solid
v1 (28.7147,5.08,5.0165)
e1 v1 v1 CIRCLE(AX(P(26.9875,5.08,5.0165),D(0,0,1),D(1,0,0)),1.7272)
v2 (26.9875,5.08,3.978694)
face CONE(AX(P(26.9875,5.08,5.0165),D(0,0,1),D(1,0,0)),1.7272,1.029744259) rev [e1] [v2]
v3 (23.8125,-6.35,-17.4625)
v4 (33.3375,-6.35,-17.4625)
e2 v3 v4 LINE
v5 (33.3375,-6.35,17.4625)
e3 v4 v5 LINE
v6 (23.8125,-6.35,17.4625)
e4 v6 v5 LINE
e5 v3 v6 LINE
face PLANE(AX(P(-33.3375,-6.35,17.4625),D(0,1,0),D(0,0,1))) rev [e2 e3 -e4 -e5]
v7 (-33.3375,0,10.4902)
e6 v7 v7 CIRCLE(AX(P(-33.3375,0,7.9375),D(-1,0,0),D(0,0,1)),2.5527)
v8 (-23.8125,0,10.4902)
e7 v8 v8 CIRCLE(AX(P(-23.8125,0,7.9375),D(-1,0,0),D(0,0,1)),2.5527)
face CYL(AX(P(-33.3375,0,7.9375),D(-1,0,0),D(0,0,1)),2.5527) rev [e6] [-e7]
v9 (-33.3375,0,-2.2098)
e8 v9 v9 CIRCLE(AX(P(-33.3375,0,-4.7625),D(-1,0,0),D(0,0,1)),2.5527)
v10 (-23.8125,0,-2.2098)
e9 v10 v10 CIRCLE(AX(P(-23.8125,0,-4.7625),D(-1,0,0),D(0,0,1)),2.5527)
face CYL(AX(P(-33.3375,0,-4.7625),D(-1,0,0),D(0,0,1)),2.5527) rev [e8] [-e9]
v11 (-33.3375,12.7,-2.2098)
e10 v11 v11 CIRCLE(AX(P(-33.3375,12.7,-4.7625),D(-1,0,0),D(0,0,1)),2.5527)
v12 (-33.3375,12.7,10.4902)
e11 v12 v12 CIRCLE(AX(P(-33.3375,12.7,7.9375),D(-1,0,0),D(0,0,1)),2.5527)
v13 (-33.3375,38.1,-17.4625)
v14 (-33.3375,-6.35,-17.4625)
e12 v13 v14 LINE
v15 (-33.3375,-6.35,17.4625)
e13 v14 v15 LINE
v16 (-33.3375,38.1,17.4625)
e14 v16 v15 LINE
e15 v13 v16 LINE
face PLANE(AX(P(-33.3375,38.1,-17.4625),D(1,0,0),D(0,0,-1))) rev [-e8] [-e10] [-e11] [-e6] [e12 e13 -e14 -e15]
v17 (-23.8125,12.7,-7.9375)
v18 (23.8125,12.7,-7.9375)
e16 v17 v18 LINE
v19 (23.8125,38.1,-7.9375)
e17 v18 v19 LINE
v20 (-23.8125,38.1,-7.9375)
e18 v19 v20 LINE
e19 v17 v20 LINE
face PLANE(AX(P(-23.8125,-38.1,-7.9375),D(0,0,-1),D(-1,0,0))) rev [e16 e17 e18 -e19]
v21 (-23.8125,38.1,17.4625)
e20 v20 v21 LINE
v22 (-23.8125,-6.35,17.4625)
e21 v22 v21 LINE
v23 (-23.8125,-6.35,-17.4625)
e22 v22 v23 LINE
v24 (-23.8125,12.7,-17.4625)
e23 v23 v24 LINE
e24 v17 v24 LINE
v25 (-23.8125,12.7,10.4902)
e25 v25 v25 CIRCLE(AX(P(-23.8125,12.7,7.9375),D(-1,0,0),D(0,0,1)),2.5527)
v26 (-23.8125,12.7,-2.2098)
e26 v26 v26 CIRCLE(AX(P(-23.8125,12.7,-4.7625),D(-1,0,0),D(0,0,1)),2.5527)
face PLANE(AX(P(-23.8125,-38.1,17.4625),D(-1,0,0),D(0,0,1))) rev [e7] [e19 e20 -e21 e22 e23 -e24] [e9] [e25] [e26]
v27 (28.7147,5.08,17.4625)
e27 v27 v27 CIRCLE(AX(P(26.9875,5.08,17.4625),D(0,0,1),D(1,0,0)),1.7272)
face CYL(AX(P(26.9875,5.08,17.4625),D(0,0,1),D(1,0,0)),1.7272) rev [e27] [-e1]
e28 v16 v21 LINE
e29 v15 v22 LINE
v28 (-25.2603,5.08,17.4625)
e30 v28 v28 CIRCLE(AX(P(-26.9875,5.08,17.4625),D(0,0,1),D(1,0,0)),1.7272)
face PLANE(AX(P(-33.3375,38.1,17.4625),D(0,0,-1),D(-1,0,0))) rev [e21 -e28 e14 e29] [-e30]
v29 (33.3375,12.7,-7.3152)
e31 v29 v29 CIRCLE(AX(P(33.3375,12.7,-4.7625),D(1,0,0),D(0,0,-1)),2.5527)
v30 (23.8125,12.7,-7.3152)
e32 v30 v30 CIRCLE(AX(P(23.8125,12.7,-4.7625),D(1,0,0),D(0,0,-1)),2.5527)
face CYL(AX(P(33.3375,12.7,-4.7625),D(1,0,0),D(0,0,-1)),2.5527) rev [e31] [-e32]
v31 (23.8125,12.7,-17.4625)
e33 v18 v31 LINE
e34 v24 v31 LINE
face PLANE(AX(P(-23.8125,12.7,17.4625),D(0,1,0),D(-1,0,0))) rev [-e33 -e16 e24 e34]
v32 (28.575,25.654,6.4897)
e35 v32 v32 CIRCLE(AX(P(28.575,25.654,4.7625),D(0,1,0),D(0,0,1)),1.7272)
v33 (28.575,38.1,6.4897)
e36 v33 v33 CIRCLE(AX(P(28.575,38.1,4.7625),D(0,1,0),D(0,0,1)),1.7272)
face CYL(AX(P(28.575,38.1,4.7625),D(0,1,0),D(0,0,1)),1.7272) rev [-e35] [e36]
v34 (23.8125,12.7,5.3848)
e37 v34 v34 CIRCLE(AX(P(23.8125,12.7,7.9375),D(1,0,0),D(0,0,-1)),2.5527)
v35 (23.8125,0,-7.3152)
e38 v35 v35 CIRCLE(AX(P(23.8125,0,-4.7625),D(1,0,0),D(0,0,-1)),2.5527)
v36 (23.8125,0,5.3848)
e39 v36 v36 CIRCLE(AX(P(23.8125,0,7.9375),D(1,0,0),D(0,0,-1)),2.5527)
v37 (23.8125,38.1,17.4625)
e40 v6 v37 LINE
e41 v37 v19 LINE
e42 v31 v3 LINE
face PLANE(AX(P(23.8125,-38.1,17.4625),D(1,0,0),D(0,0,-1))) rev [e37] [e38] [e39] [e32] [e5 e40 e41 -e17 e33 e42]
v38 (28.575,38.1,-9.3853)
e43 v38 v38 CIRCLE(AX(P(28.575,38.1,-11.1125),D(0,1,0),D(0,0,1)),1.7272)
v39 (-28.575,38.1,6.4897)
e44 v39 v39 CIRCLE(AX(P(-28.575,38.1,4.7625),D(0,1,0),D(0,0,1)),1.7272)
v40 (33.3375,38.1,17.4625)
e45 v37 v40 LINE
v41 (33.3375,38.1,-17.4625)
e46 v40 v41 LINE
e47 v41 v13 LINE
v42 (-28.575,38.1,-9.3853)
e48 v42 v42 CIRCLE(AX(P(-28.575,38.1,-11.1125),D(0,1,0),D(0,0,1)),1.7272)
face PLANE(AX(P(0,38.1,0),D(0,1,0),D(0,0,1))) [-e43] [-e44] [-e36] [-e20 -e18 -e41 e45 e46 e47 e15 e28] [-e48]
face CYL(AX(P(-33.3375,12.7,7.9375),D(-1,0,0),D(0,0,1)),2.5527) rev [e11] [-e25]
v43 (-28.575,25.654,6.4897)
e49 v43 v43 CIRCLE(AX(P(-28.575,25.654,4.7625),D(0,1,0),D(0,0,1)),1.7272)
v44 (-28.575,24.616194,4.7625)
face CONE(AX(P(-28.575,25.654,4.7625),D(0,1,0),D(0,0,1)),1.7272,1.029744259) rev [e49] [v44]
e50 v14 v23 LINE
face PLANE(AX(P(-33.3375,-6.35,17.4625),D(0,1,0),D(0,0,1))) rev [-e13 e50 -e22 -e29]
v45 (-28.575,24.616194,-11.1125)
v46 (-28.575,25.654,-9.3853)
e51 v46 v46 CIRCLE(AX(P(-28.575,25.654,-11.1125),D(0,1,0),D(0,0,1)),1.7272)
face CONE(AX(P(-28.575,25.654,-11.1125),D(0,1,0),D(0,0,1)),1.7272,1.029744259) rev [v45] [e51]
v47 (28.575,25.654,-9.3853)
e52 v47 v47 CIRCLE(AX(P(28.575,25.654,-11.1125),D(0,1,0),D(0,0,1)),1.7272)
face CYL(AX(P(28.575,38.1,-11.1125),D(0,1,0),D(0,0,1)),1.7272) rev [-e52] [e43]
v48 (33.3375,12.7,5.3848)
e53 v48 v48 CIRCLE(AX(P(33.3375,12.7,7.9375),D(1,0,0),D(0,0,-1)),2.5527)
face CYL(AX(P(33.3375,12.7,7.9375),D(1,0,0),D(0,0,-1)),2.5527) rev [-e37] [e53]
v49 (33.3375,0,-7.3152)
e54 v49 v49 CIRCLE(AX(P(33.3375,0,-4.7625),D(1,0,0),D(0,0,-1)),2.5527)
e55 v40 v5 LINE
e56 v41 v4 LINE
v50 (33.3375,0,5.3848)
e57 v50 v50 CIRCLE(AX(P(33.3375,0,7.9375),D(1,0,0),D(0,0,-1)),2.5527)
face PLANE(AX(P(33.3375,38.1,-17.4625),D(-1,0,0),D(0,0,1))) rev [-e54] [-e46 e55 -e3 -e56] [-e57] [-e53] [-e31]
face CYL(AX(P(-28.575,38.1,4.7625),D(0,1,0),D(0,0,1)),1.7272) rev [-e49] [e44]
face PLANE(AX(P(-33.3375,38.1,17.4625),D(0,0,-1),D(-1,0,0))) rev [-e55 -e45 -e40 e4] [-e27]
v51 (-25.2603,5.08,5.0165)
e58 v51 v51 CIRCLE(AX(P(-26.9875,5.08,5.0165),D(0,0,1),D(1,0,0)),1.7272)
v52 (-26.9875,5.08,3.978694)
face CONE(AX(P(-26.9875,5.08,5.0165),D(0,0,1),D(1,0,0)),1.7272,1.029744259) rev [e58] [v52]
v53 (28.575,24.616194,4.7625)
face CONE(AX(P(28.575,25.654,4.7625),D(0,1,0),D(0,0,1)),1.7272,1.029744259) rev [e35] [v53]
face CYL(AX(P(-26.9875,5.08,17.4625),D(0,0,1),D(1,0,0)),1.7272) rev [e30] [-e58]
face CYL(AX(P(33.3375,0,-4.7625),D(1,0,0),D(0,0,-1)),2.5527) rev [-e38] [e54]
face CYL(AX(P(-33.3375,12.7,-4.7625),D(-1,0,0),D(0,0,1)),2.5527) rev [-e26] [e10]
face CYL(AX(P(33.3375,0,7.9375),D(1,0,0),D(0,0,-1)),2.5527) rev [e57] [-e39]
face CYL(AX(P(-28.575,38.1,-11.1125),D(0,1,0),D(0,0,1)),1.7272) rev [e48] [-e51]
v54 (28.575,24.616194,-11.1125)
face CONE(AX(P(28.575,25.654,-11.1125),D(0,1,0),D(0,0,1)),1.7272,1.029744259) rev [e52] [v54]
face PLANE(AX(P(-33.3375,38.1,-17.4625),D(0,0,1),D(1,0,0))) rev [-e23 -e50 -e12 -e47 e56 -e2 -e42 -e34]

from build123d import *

# Parameters (mm, degrees)
SKETCH1_W                      = 66.675
SKETCH1_H                      = 34.925
BOSS_EXTRUDE1_DEPTH            = 38.1
SKETCH2_W                      = 47.625
SKETCH2_H                      = 25.4
CUT_EXTRUDE1_DEPTH             = 85.986868471
SKETCH3_W                      = 34.925
SKETCH3_H                      = 31.75
CUT_EXTRUDE2_DEPTH             = 79.753441393
SKETCH4_W                      = 47.625
SKETCH4_H                      = 38.1
CUT_EXTRUDE3_DEPTH             = 62.504101743
F_1_4_20_TAPPED_HOLE1_D        = 5.1054
F_1_4_20_TAPPED_HOLE1_DEPTH    = 9.526
F_8_32_TAPPED_HOLE2_AT_2_COUNT = 2
F_8_32_TAPPED_HOLE2_AT_2_PITCH = 15.875
LPATTERN1_COUNT                = 2
LPATTERN1_PITCH                = 12.7
MIRROR1_COPY_2_D               = 5.1054
MIRROR1_COPY_2_DEPTH           = 9.526


with BuildPart() as part:
    # Sketch1 → Boss-Extrude1 (new, symmetric)
    with BuildSketch(Plane(origin=(0, 0, 0), x_dir=(1, 0, 0), z_dir=(0, 1, 0))):
        Rectangle(SKETCH1_W, SKETCH1_H)
    extrude(amount=BOSS_EXTRUDE1_DEPTH, both=True)

    # Sketch2 → Cut-Extrude1 (cut, through all)
    with BuildSketch(Plane(origin=(0, 38.1, 0), x_dir=(1, 0, 0), z_dir=(0, 1, 0))):
        with Locations((0, -4.7625)):
            Rectangle(SKETCH2_W, SKETCH2_H)
    extrude(amount=-CUT_EXTRUDE1_DEPTH, mode=Mode.SUBTRACT)

    # Sketch3 → Cut-Extrude2 (cut, through all)
    with BuildSketch(Plane(origin=(33.3375, 0, 0), x_dir=(0, 0, -1), z_dir=(1, 0, 0))):
        with Locations((0, -22.225)):
            Rectangle(SKETCH3_W, SKETCH3_H)
    extrude(amount=-CUT_EXTRUDE2_DEPTH, mode=Mode.SUBTRACT)

    # Sketch4 → Cut-Extrude3 (cut, through all)
    with BuildSketch(Plane(origin=(0, 0, -17.4625), x_dir=(-1, 0, 0), z_dir=(0, 0, -1))):
        with Locations((0, -6.35)):
            Rectangle(SKETCH4_W, SKETCH4_H)
    extrude(amount=-CUT_EXTRUDE3_DEPTH, mode=Mode.SUBTRACT)

    # 1/4-20 Tapped Hole1
    with Locations(Plane(origin=(33.3375, 0, 0), x_dir=(0, 0, -1), z_dir=(1, 0, 0))):
        with Locations((-7.9375, 0), (4.7625, 0)):
            f_1_4_20_tapped_hole1 = Hole(F_1_4_20_TAPPED_HOLE1_D / 2, depth=F_1_4_20_TAPPED_HOLE1_DEPTH)

    # Sketch7 → #8-32 Tapped Hole1 (revolve, cut)
    with BuildSketch(Plane(origin=(26.9875, 5.08, 17.4625), x_dir=(0, -1, 0), z_dir=(1, 0, 0))):
        Polygon((0, 0), (0, 13.483806461), (1.7272, 12.446), (1.7272, 0), align=None)
    f_8_32_tapped_hole1 = revolve(axis=Axis((26.9875, 5.08, 23.8125), (0, 0, -1)), mode=Mode.SUBTRACT)

    # Sketch9 → #8-32 Tapped Hole2 (revolve, cut)
    with BuildSketch(Plane(origin=(28.575, 38.1, 4.7625), x_dir=(0, 0, 1), z_dir=(1, 0, 0))):
        Polygon((0, 0), (0, 13.483806461), (1.7272, 12.446), (1.7272, 0), align=None)
    f_8_32_tapped_hole2 = revolve(axis=Axis((28.575, 44.45, 4.7625), (0, -1, 0)), mode=Mode.SUBTRACT)

    # #8-32 Tapped Hole2 at 2: #8-32 Tapped Hole2 ×2
    with Locations(*[(0, 0, -i * F_8_32_TAPPED_HOLE2_AT_2_PITCH) for i in range(1, F_8_32_TAPPED_HOLE2_AT_2_COUNT)]):
        add(f_8_32_tapped_hole2, mode=Mode.SUBTRACT)

    # LPattern1: 1/4-20 Tapped Hole1 ×2
    with Locations(*[(0, i * LPATTERN1_PITCH, 0) for i in range(1, LPATTERN1_COUNT)]):
        add(f_1_4_20_tapped_hole1, mode=Mode.SUBTRACT)

    # Mirror1: 1/4-20 Tapped Hole1, #8-32 Tapped Hole1, #8-32 Tapped Hole2 across plane
    add(f_1_4_20_tapped_hole1.mirror(Plane(origin=(0, 0, 0), x_dir=(0, 0, 1), z_dir=(1, 0, 0))), mode=Mode.SUBTRACT)
    add(f_8_32_tapped_hole1.mirror(Plane(origin=(0, 0, 0), x_dir=(0, 0, 1), z_dir=(1, 0, 0))), mode=Mode.SUBTRACT)
    add(f_8_32_tapped_hole2.mirror(Plane(origin=(0, 0, 0), x_dir=(0, 0, 1), z_dir=(1, 0, 0))), mode=Mode.SUBTRACT)

    # Mirror1 copy 1 sketch → Mirror1 copy 1 (revolve, cut)
    with BuildSketch(Plane(origin=(-28.575, 38.1, -11.1125), x_dir=(0, 0, 1), z_dir=(-1, 0, 0))):
        Polygon((0, 0), (0, -13.483806461), (1.7272, -12.446), (1.7272, 0), align=None)
    revolve(axis=Axis((-28.575, 44.45, -11.1125), (0, 1, 0)), mode=Mode.SUBTRACT)

    # Mirror1 copy 2
    with Locations(Plane(origin=(-33.3375, 12.7, 0), x_dir=(0, 0, -1), z_dir=(-1, 0, 0))):
        with Locations((-7.9375, 0), (4.7625, 0)):
            Hole(MIRROR1_COPY_2_D / 2, depth=MIRROR1_COPY_2_DEPTH)


solid = part.part
